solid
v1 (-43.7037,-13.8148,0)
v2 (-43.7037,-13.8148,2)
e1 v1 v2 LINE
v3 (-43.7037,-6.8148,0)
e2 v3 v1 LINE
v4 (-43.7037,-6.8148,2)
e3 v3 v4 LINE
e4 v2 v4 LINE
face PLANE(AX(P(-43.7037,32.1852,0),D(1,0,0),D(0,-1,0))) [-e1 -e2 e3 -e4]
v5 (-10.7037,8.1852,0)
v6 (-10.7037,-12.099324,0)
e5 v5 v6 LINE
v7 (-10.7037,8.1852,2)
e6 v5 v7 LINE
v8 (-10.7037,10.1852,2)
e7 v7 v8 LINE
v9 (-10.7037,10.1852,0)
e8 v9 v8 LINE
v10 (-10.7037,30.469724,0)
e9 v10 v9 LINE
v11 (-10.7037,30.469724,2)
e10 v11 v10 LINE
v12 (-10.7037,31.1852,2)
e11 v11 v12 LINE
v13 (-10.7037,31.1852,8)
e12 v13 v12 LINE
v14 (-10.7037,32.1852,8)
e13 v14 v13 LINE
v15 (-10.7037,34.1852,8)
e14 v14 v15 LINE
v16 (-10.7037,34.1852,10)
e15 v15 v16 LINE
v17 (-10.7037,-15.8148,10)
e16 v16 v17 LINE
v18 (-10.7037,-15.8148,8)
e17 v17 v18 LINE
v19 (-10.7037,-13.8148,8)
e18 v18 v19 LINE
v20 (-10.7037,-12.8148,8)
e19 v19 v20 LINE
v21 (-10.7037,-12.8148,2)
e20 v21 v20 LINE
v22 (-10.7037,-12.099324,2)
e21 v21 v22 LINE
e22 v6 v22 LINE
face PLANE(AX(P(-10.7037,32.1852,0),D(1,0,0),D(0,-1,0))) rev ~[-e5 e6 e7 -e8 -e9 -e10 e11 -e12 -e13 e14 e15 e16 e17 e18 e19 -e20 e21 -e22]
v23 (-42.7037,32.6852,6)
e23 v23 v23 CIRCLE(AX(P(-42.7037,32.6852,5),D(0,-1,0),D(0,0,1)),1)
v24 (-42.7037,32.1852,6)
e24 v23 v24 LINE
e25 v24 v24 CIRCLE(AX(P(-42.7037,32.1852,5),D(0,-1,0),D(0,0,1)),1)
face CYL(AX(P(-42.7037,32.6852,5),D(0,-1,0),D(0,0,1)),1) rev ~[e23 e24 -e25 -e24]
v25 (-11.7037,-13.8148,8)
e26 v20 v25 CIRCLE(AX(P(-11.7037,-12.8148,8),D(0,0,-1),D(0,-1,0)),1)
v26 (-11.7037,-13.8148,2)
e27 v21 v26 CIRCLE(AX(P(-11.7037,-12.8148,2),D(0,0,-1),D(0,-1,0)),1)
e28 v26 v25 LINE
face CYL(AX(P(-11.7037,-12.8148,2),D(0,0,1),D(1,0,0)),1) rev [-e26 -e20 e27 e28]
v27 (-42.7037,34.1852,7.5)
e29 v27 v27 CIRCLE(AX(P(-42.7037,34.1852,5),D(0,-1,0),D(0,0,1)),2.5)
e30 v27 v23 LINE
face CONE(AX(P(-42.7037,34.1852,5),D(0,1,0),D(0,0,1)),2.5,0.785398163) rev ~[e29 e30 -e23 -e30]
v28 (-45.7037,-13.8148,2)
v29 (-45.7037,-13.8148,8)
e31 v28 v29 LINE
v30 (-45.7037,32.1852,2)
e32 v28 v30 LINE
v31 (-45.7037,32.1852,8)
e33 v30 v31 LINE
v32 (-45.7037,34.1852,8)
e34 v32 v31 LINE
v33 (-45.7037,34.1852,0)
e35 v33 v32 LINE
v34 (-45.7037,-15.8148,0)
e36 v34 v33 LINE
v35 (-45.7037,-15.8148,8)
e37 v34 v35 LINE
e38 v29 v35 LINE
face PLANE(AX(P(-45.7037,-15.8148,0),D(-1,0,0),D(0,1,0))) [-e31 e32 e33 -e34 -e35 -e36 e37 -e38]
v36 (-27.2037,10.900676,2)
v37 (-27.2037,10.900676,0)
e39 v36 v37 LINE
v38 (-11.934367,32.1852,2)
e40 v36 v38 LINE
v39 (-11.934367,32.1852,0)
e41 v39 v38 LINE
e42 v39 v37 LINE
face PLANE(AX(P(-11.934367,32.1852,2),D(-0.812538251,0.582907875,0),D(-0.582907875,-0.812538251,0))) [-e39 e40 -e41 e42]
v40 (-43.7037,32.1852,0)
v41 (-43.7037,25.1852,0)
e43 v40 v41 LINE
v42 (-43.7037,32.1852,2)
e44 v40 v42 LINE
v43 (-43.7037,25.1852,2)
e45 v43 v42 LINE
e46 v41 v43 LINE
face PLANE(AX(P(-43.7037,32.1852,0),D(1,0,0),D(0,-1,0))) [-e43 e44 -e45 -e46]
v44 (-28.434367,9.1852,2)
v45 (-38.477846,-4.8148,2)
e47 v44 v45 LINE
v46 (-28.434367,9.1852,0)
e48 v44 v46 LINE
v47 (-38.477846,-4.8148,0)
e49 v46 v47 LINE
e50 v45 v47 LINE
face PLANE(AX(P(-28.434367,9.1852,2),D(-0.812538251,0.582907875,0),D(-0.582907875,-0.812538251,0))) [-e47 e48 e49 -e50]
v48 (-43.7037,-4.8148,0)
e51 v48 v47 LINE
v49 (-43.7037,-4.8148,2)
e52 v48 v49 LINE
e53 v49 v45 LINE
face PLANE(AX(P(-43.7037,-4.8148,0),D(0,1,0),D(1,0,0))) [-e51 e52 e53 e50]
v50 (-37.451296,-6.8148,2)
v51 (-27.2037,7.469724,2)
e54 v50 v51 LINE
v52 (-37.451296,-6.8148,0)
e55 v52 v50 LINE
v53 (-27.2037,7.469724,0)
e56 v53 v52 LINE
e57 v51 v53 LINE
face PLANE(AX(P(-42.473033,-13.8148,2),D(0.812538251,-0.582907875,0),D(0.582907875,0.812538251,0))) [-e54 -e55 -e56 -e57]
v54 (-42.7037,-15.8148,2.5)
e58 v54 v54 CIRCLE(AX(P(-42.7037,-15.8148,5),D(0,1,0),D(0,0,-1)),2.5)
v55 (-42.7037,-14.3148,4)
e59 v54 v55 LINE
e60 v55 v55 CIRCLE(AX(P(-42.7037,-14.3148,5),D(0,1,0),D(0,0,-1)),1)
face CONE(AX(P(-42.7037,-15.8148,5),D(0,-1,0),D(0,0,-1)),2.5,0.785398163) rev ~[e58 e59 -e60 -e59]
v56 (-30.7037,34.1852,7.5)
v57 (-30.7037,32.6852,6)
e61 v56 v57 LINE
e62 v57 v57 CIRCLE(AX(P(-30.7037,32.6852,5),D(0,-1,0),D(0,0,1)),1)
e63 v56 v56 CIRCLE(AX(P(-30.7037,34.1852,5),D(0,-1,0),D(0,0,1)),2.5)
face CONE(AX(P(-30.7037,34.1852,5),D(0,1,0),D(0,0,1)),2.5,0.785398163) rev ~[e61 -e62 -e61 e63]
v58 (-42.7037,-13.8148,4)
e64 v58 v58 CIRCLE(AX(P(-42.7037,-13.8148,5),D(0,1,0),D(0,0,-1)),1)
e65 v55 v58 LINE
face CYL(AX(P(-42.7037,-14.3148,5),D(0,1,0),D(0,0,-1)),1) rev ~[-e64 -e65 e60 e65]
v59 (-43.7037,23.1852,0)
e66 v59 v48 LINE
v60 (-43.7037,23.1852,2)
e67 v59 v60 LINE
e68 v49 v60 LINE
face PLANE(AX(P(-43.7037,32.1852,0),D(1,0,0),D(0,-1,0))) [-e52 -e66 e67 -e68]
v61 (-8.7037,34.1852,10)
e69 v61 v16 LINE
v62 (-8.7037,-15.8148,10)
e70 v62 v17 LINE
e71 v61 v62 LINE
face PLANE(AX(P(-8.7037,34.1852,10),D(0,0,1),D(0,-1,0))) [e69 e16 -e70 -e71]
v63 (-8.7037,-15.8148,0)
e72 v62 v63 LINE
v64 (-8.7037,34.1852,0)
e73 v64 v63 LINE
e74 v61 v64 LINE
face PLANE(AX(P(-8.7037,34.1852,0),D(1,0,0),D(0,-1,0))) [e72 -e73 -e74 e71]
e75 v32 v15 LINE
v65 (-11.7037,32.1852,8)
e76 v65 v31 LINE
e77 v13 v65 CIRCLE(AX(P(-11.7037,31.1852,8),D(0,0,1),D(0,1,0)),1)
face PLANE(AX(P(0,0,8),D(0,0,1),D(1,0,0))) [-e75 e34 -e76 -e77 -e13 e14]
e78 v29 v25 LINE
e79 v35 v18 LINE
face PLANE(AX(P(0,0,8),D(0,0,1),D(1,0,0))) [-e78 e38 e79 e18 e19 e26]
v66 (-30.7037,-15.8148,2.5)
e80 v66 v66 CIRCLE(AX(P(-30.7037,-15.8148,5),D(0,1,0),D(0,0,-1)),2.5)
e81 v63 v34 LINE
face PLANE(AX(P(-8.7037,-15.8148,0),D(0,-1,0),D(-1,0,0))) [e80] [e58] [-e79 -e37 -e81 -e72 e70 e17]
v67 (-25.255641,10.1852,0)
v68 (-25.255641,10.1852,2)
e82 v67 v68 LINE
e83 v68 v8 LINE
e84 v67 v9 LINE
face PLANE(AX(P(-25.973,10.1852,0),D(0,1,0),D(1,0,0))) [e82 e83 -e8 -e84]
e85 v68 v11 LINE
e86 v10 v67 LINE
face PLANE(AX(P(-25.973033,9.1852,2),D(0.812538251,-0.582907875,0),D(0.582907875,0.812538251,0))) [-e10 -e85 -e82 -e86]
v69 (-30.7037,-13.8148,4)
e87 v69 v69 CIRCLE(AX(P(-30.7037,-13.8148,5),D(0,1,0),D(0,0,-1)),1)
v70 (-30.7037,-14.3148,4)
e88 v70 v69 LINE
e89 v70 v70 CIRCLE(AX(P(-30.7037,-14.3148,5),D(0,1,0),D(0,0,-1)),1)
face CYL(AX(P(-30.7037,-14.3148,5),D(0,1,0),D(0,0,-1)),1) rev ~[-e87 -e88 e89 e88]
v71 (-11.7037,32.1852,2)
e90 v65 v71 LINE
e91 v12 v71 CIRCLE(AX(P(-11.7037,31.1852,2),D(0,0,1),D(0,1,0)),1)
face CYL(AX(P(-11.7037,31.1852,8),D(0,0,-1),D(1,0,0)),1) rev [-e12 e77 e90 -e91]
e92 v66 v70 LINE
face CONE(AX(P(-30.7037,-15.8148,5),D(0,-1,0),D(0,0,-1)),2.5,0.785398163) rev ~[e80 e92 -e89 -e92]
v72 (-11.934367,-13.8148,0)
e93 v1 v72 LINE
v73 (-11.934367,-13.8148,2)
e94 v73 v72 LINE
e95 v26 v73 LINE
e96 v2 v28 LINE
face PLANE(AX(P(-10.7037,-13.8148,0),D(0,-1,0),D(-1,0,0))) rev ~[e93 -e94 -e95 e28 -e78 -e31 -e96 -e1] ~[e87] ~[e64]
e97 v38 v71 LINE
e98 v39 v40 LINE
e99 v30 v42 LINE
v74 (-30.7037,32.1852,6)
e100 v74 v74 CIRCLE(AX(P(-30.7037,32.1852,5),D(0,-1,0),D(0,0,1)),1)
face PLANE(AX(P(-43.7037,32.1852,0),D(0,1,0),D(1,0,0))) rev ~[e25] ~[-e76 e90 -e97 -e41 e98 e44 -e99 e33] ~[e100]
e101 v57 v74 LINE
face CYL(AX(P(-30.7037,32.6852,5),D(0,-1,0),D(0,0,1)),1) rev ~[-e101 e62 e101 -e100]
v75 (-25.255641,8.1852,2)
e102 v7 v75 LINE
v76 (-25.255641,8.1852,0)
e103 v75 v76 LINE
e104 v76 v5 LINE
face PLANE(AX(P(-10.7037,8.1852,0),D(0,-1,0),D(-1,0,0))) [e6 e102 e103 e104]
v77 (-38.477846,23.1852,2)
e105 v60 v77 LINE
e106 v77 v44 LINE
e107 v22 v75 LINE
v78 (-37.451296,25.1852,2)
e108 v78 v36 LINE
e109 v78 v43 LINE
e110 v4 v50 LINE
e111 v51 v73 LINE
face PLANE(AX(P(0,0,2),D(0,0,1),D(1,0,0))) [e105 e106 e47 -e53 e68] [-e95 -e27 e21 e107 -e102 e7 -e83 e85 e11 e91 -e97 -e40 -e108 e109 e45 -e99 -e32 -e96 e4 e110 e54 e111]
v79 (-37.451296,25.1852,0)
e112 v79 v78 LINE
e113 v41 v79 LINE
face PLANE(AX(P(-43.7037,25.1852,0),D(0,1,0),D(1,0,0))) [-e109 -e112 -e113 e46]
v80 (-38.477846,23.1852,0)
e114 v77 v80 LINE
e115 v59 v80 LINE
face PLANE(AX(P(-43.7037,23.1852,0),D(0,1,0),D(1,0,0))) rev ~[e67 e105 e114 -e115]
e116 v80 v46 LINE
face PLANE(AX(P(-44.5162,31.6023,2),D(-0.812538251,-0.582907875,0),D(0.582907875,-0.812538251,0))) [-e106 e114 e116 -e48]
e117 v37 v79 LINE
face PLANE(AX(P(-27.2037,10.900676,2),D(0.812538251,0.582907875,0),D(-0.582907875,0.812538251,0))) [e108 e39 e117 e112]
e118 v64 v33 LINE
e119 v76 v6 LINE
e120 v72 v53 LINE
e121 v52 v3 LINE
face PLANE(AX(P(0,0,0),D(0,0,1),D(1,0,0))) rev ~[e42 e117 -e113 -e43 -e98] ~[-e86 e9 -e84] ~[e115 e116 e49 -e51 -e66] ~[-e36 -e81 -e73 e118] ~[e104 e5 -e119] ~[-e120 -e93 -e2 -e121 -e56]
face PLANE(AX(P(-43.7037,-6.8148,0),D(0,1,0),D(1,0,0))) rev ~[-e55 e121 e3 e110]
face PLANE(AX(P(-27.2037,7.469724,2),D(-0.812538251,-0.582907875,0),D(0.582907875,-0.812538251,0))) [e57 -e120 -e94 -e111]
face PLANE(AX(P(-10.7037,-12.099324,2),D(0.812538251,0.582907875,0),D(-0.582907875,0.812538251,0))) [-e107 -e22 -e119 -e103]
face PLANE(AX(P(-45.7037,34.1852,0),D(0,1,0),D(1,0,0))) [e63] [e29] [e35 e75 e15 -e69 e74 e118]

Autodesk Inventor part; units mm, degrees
ref_plane "YZ Plane" through (0, 0, 0) normal (1, 0, 0) x (0, 1, 0)
ref_plane "XZ Plane" through (0, 0, 0) normal (0, 1, 0) x (-1, 0, 0)
ref_plane "XY Plane" through (0, 0, 0) normal (0, 0, 1) x (1, 0, 0)
sketch "Sketch1" plane through (0, 0, 0) normal (0, 0, 1) x (1, 0, 0)
  line L0 (-45.7037, 34.1852) -> (-8.7037, 34.1852)
  line L1 (-8.7037, 34.1852) -> (-8.7037, -15.8148)
  line L2 (-8.7037, -15.8148) -> (-45.7037, -15.8148)
  line L3 (-45.7037, -15.8148) -> (-45.7037, 34.1852)
  line L4 (-43.7037, 32.1852) -> (-10.7037, 32.1852)
  line L5 (-10.7037, 32.1852) -> (-10.7037, -13.8148)
  line L6 (-10.7037, -13.8148) -> (-43.7037, -13.8148)
  line L7 (-43.7037, -13.8148) -> (-43.7037, 32.1852)
  point P0 (0, 0)
  dimension "d0" = 2
  dimension "d1" = 2
  dimension "d2" = 2
  dimension "d3" = 2
  dimension "d4" = 37
  dimension "d5" = 50
extrude "Extrusion1" add sketch "Sketch1" along normal blind 2
sketch "Sketch2" plane through (0, 0, 2) normal (0, 0, 1) x (1, 0, 0)
  line L0 (-43.7037, 32.1852) -> (-10.7037, 32.1852) projected
  line L1 (-10.7037, -13.8148) -> (-43.7037, -13.8148) projected
  line L2 (-43.7037, 32.1852) -> (-10.7037, -13.8148) construction
  line L3 (-44.5162, 31.6023) -> (-11.5162, -14.3977)
  line L4 (-9.8912, -13.2319) -> (-42.8912, 32.7681)
  arc A0 (-42.8912, 32.7681) -> (-44.5162, 31.6023) centre (-43.7037, 32.1852) ccw
  arc A1 (-11.5162, -14.3977) -> (-9.8912, -13.2319) centre (-10.7037, -13.8148) ccw
  line L5 (-10.7037, 32.1852) -> (-10.7037, -13.8148) projected
  line L6 (-10.7037, 32.1852) -> (-43.7037, -13.8148) construction
  line L7 (-11.5162, 32.7681) -> (-44.5162, -13.2319)
  line L8 (-42.8912, -14.3977) -> (-9.8912, 31.6023)
  arc A2 (-9.8912, 31.6023) -> (-11.5162, 32.7681) centre (-10.7037, 32.1852) ccw
  arc A3 (-44.5162, -13.2319) -> (-42.8912, -14.3977) centre (-43.7037, -13.8148) ccw
  point P0 (0, 0)
  point P1 (-27.2037, 9.1852)
  point P2 (-27.2037, 9.1852)
  point P3 (-25.973, 9.1852)
  point P4 (-27.2037, 10.9007)
  point P5 (-28.4344, 9.1852)
  point P6 (-27.2037, 7.4696)
  dimension "d8" = 2
  dimension "d9" = 2
extrude "Extrusion2" add sketch "Sketch2" against normal blind 2 contours L4 L7 L3 A0 | L7 A2 L8 L5 L0 | L0 L5 L8 L4 L7 | L4 L8 L3 L7 | L4 L5 L1 L3 L8 | L3 L8 A3 L7 | L4 A1 L3 L1 L5
sketch "Sketch3" plane through (0, 0, 2) normal (0, 0, 1) x (1, 0, 0)
  line L0 (-45.7037, 34.1852) -> (-45.7037, -15.8148) projected
  line L1 (-8.7037, -15.8148) -> (-8.7037, 34.1852) projected
  line L2 (-45.7037, 34.1852) -> (-8.7037, 34.1852)
  line L3 (-8.7037, 34.1852) -> (-8.7037, 32.1852)
  line L4 (-8.7037, 32.1852) -> (-45.7037, 32.1852)
  line L5 (-45.7037, 32.1852) -> (-45.7037, 34.1852)
  line L6 (-45.7037, -15.8148) -> (-8.7037, -15.8148)
  line L7 (-8.7037, -15.8148) -> (-8.7037, -13.8148)
  line L8 (-8.7037, -13.8148) -> (-45.7037, -13.8148)
  line L9 (-45.7037, -13.8148) -> (-45.7037, -15.8148)
  line L10 (-42.473, 32.1852) -> (-11.9344, 32.1852) projected
  line L11 (-11.9344, -13.8148) -> (-42.473, -13.8148) projected
  line L12 (-45.7037, -15.8148) -> (-8.7037, -15.8148) projected
  point P0 (0, 0)
  point P1 (-8.7037, 34.1852)
extrude "Extrusion3" add sketch "Sketch3" along normal blind 6 contours L2 L1 L4 L0 | L8 L1 L6 L0
sketch "Sketch4" plane through (-45.7037, 34.1852, 0) normal (0, 1, 0) x (1, 0, 0)
  line L0 (37, -8) -> (0, -8) projected
  line L1 (0, 0) -> (0, -8) projected
  point P0 (45.7037, 0)
  point P1 (3, -5)
  point P2 (15, -5)
  dimension "d14" = 3
  dimension "d15" = 3
  dimension "d16" = 3
  dimension "d17" = 12
hole "Hole1" at (-42.7037, 34.1852, 5) at (-30.7037, 34.1852, 5) direction (0, -1, 0) diameter 2 depth 10 tip angle 118 countersink diameter 5 countersink angle 90
sketch "Sketch5" plane through (-45.7037, -15.8148, 0) normal (0, -1, 0) x (1, 0, 0)
  circle A0 centre (15, 5) radius 1 projected
  circle A1 centre (3, 5) radius 1 projected
  point P0 (45.7037, 0)
hole "Hole2" at (-30.7037, -15.8148, 5) at (-42.7037, -15.8148, 5) direction (0, 1, 0) diameter 2 depth 10 tip angle 118 countersink diameter 5 countersink angle 90
sketch "Sketch6" plane through (0, 0, 0) normal (0, 0, -1) x (-1, 0, 0)
  line L0 (11.9344, -13.8148) -> (42.473, -13.8148) projected
  line L1 (43.7037, -12.0993) -> (43.7037, 30.4696) projected
  line L2 (17.7037, -13.8148) -> (43.7037, -13.8148)
  line L3 (43.7037, -13.8148) -> (43.7037, -6.8148)
  line L4 (43.7037, -6.8148) -> (17.7037, -6.8148)
  line L5 (17.7037, -6.8148) -> (17.7037, -13.8148)
  line L6 (17.7037, 32.1852) -> (43.7037, 32.1852)
  line L7 (43.7037, 32.1852) -> (43.7037, 25.1852)
  line L8 (43.7037, 25.1852) -> (17.7037, 25.1852)
  line L9 (17.7037, 25.1852) -> (17.7037, 32.1852)
  line L10 (42.473, 32.1852) -> (11.9344, 32.1852) projected
  line L11 (45.7037, 34.1852) -> (45.7037, -15.8148) projected
  line L12 (8.7037, 34.1852) -> (45.7037, 34.1852) projected
  line L13 (45.7037, -15.8148) -> (8.7037, -15.8148) projected
  point P0 (0, 0)
  dimension "d35" = 28
  dimension "d36" = 28
  dimension "d37" = 9
  dimension "d38" = 9
extrude "Extrusion4" cut sketch "Sketch6" against normal blind 2
sketch "Sketch7" plane through (0, 0, 0) normal (0, 0, -1) x (-1, 0, 0)
  line L0 (39.9127, -6.8148) -> (37.4513, -6.8148) projected
  line L1 (43.7037, -13.8148) -> (43.7037, 32.1852) projected
  line L2 (37.4513, -6.8148) -> (43.7037, -6.8148)
  line L3 (43.7037, -6.8148) -> (43.7037, -4.8148)
  line L4 (43.7037, -4.8148) -> (37.4513, -4.8148)
  line L5 (37.4513, -4.8148) -> (37.4513, -6.8148)
  line L6 (37.4513, 25.1852) -> (39.9127, 25.1852) projected
  line L7 (37.4513, 25.1852) -> (43.7037, 25.1852)
  line L8 (43.7037, 25.1852) -> (43.7037, 23.1852)
  line L9 (43.7037, 23.1852) -> (37.4513, 23.1852)
  line L10 (37.4513, 23.1852) -> (37.4513, 25.1852)
  point P0 (0, 0)
  dimension "d41" = 2
  dimension "d42" = 2
extrude "Extrusion5" add sketch "Sketch7" against normal blind 2
sketch "Sketch8" plane through (0, 0, 0) normal (0, 0, -1) x (-1, 0, 0)
  line L0 (10.7037, -12.0993) -> (25.973, 9.1852) projected
  line L1 (25.973, 9.1852) -> (10.7037, 9.1852) construction
  line L2 (10.7037, 30.4696) -> (10.7037, -12.0993) projected
  line L3 (25.973, 10.1852) -> (10.7037, 10.1852)
  line L4 (10.7037, 8.1852) -> (25.973, 8.1852)
  arc A0 (25.973, 8.1852) -> (25.973, 10.1852) centre (25.973, 9.1852) ccw
  arc A1 (10.7037, 10.1852) -> (10.7037, 8.1852) centre (10.7037, 9.1852) ccw
  point P0 (0, 0)
  point P1 (18.3383, 9.1852)
  dimension "d45" = 2
extrude "Extrusion6" add sketch "Sketch8" against normal blind 2 contours L4 L2 L3 A0 | A1 L2
sketch "Sketch9" plane through (-8.7037, -15.8148, 0) normal (1, 0, 0) x (0, 0, -1)
  line L0 (0, 50) -> (-8, 50) projected
  line L1 (0, 0) -> (-8, 0) projected
  line L2 (0, 50) -> (-10, 50)
  line L3 (-10, 50) -> (-10, 0)
  line L4 (-10, 0) -> (0, 0)
  line L5 (0, 0) -> (0, 50)
  point P0 (0, 15.8148)
  dimension "d48" = 10
extrude "Extrusion7" add sketch "Sketch9" against normal blind 2
fillet "Fillet1" radius 1 2 edges at (-10.7037, 32.1852, 5) (-10.7037, -13.8148, 5)
properties part number "face-1"
